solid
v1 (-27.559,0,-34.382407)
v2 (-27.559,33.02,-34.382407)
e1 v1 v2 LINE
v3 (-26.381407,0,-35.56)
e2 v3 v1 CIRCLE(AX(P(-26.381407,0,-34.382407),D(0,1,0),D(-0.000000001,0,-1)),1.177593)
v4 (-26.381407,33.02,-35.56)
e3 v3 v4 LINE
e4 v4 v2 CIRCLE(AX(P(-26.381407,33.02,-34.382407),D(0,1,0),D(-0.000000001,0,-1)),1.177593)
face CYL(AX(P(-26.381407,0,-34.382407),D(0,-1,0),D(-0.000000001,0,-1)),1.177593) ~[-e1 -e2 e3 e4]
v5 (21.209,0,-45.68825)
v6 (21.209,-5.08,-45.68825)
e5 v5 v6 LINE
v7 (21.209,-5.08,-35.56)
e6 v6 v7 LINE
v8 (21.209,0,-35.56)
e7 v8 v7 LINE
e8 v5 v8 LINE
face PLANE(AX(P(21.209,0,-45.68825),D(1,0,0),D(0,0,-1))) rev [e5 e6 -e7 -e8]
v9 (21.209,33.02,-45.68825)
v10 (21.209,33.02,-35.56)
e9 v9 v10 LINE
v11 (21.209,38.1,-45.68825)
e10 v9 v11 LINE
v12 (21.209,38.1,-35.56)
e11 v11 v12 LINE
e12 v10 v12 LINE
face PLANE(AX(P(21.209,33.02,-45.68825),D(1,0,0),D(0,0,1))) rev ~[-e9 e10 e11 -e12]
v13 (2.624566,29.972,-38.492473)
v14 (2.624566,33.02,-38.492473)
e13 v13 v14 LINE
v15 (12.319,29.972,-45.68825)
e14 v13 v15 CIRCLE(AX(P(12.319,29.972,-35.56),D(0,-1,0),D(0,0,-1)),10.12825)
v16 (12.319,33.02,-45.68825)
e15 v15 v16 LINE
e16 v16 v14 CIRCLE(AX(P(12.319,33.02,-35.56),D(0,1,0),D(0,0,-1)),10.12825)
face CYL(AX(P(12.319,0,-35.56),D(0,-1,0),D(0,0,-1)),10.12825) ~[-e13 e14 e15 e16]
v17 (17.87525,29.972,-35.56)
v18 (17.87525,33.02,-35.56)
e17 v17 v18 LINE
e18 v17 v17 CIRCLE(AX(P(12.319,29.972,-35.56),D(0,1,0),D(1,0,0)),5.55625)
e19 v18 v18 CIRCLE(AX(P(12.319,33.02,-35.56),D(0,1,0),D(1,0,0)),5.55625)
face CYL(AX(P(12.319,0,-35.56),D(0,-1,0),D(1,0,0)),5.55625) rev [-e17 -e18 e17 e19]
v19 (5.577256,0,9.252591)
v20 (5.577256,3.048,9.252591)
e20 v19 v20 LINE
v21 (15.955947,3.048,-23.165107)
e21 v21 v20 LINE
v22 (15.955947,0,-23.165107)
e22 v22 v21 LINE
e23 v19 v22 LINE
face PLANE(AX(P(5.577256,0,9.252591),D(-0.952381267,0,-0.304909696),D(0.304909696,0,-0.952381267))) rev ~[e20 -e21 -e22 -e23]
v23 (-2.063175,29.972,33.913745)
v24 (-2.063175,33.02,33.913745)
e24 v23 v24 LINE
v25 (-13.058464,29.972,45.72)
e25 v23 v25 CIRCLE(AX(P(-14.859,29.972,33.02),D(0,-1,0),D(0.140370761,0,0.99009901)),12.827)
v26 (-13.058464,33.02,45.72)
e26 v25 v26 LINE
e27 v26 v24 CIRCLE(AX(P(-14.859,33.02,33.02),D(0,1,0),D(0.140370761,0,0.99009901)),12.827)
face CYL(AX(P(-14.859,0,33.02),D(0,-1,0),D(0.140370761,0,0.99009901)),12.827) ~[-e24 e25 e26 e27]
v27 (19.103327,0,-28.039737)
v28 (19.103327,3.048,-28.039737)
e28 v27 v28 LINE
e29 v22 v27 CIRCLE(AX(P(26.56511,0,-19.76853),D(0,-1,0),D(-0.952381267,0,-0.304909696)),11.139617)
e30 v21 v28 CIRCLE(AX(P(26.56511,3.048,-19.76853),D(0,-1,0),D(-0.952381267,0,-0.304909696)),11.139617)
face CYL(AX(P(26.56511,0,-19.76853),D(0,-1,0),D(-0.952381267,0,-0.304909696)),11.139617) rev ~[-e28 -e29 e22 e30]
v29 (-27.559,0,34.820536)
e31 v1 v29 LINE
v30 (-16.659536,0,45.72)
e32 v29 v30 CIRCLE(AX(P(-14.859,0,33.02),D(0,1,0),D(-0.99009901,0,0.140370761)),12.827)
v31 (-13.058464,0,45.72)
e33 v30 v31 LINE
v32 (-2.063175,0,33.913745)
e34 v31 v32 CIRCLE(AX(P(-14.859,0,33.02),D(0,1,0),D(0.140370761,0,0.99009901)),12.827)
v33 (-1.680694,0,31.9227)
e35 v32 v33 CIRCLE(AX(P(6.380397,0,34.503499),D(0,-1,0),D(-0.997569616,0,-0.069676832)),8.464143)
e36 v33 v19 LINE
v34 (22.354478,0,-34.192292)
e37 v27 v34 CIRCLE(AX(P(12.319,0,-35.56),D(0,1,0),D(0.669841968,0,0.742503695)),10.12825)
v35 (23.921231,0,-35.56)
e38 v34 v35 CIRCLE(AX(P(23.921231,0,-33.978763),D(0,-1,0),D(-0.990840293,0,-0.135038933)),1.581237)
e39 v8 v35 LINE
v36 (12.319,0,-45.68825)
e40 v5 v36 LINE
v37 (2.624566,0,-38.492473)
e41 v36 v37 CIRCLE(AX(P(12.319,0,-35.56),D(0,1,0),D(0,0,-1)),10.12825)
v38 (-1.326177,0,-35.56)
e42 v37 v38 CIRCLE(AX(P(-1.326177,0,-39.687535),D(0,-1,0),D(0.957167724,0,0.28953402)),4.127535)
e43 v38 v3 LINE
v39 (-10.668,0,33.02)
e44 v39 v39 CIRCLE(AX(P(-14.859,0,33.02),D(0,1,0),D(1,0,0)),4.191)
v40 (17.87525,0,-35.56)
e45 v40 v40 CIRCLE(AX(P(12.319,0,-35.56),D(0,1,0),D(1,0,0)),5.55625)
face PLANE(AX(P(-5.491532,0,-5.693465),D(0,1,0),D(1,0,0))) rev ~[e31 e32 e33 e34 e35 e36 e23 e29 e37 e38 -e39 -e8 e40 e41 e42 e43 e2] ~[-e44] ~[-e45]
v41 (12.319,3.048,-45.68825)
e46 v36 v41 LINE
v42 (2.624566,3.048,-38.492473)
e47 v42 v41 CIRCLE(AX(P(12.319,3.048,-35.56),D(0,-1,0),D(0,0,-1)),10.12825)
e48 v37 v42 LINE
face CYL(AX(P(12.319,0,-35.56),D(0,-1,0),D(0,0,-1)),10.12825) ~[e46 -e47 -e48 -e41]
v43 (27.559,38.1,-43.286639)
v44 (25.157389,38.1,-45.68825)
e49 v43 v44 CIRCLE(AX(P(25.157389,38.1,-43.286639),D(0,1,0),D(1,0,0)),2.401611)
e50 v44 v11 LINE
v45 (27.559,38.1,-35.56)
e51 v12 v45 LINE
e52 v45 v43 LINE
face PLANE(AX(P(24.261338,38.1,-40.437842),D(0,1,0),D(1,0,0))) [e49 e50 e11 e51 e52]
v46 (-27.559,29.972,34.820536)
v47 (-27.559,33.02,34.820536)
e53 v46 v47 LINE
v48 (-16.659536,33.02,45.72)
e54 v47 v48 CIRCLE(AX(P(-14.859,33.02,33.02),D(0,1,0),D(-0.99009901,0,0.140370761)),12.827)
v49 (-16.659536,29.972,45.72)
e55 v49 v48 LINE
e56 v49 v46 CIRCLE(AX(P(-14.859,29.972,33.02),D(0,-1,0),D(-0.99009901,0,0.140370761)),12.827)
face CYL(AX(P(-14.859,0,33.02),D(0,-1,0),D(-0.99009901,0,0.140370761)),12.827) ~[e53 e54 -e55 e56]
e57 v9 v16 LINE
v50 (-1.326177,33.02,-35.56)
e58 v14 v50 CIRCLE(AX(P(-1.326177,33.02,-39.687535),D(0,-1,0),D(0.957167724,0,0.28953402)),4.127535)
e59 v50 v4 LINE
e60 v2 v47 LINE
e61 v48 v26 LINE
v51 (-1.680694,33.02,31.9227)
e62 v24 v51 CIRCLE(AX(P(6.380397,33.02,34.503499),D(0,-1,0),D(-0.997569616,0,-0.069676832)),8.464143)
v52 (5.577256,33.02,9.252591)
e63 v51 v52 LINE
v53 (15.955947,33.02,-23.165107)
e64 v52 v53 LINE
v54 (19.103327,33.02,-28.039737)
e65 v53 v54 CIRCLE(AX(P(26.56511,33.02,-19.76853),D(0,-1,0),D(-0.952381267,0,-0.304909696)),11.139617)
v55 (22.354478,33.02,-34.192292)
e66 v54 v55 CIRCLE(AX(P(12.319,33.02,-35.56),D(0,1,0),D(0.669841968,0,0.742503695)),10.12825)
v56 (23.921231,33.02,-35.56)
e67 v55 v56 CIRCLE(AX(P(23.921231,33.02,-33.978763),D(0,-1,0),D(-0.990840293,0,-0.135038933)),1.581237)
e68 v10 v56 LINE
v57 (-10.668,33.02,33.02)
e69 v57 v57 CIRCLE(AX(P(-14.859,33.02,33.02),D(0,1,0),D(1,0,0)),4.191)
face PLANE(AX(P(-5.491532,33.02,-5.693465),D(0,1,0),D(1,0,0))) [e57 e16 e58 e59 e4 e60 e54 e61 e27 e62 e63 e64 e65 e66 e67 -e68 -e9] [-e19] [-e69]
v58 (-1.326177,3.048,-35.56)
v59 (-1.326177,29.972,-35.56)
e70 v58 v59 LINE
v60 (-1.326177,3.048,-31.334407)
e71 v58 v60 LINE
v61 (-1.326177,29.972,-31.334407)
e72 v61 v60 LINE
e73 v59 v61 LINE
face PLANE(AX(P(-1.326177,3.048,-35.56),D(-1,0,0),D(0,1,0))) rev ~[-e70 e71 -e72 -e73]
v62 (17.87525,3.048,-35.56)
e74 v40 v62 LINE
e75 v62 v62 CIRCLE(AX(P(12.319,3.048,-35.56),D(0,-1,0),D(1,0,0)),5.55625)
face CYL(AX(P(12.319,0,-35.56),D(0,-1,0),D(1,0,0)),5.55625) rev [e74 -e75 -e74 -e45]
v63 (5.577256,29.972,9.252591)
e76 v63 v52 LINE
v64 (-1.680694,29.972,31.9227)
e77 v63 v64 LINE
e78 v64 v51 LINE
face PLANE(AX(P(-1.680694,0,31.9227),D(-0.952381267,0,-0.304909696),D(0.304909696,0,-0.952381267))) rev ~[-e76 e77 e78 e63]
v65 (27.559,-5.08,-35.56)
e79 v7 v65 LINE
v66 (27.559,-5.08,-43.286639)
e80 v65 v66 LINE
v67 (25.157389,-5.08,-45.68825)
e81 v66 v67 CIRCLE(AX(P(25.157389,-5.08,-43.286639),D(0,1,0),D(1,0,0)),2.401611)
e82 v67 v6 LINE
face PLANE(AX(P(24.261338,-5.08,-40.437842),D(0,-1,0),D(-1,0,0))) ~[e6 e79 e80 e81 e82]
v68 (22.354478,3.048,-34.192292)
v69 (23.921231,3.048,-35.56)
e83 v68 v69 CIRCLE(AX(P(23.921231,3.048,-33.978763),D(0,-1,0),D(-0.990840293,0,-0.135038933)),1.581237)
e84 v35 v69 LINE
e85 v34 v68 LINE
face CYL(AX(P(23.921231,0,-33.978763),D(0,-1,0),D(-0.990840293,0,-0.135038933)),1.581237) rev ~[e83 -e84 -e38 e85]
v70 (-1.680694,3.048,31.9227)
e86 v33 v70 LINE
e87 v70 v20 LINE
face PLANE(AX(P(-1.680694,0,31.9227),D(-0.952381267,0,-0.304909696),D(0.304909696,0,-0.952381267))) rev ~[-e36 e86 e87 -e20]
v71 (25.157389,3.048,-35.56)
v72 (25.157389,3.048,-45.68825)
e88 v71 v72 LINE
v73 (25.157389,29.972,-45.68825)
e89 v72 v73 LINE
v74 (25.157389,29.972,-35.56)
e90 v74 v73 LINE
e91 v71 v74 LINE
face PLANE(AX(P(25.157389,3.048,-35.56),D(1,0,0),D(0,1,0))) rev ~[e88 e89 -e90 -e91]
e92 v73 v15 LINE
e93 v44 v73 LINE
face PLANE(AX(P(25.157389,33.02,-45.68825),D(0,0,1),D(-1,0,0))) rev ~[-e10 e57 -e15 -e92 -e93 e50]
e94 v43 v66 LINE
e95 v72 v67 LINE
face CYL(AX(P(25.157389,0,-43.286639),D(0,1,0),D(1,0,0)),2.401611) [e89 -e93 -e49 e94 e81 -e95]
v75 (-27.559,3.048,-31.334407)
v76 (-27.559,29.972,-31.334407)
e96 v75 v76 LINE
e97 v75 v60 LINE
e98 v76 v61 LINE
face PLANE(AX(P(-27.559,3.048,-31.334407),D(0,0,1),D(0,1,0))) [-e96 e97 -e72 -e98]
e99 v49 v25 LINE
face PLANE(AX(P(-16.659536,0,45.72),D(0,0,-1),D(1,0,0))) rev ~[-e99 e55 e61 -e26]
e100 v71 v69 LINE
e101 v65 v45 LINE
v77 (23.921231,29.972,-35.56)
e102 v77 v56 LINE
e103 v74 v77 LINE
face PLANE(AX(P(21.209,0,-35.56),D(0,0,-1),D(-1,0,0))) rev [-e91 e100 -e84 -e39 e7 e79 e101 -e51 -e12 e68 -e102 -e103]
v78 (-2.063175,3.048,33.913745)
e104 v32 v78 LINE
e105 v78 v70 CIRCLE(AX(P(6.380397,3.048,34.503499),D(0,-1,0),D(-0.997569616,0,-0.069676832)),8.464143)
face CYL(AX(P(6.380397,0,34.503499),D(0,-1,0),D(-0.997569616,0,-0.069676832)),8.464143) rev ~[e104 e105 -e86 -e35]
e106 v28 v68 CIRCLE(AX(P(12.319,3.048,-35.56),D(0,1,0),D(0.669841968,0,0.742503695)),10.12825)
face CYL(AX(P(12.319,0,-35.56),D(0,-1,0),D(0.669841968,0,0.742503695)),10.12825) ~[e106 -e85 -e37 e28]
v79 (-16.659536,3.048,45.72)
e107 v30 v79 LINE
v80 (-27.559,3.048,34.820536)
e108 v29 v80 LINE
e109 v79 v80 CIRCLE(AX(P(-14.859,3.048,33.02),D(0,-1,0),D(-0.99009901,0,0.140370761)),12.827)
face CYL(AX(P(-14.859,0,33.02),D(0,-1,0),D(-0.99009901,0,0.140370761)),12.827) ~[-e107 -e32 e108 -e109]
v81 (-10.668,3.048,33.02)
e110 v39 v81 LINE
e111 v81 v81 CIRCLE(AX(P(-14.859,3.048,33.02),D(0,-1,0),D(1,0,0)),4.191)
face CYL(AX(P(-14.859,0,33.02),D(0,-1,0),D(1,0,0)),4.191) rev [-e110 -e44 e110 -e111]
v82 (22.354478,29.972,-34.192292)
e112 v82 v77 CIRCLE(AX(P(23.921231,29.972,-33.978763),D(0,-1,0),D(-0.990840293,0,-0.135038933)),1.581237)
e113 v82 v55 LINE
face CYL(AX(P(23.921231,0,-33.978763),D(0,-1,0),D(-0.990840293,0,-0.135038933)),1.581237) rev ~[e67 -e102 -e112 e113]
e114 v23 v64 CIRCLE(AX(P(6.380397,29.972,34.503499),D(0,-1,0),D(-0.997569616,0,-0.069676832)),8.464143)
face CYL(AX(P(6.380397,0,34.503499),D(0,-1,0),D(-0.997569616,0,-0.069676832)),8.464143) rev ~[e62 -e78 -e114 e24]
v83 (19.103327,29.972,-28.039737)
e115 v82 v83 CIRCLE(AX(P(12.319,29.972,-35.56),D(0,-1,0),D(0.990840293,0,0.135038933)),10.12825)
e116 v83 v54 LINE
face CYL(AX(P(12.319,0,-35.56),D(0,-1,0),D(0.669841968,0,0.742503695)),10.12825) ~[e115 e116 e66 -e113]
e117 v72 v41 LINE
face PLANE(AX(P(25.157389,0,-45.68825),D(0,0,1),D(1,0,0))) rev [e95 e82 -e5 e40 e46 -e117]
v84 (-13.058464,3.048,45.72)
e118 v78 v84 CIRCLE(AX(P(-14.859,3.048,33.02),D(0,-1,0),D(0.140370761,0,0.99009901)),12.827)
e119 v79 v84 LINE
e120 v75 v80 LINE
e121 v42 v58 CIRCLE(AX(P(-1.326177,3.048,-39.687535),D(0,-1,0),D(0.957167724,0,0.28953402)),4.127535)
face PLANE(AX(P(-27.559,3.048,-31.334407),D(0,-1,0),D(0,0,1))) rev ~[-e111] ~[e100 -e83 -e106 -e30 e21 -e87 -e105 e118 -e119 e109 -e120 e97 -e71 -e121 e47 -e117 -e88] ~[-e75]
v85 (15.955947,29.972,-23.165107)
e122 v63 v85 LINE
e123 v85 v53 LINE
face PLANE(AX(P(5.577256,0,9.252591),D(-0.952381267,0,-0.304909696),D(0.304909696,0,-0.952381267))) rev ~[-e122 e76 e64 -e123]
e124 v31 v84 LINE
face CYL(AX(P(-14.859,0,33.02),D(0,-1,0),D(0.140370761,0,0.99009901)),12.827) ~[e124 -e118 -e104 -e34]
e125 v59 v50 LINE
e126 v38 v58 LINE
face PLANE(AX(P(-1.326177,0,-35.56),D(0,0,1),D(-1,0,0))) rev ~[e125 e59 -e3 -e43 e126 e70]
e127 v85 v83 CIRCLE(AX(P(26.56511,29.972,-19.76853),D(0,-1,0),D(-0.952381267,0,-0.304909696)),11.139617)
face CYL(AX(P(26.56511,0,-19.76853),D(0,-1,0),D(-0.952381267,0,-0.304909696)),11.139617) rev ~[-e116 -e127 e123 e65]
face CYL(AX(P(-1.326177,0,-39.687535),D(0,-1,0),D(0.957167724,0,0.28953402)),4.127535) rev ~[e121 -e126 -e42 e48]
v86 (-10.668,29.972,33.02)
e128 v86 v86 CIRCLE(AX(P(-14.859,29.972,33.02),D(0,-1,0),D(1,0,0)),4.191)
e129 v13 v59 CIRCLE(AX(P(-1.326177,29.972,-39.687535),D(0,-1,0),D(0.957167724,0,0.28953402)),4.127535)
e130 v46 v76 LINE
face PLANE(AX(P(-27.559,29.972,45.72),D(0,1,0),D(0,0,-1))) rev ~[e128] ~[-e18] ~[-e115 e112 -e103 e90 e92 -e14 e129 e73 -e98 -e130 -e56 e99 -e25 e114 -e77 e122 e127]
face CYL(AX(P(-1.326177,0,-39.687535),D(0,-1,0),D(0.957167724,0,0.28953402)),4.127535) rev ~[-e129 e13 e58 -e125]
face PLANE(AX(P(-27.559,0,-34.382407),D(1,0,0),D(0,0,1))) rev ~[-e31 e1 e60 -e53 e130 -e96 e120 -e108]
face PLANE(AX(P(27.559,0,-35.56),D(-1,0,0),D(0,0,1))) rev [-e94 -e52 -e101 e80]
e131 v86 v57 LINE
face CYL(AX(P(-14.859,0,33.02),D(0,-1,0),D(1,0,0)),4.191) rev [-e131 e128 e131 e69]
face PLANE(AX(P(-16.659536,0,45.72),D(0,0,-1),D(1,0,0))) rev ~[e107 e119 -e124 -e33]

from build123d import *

# Parameters (mm, degrees)
SKETCH1_R               = 4.191
SKETCH1_R_2             = 5.55625
BOSS_EXTRUDE1_DEPTH     = 33.02
CUT_EXTRUDE1_DEPTH      = 56.118
SKETCH3_W               = 26.483565884
SKETCH3_H               = 26.924
CUT_EXTRUDE2_DEPTH      = 11.12825
CUT_EXTRUDE2_DEPTH_BACK = 82.28
BOSS_EXTRUDE2_DEPTH     = 5.08


with BuildPart() as part:
    # Sketch1 → Boss-Extrude1 (new body)
    with BuildSketch(Plane(origin=(0, 0, 0), x_dir=(1, 0, 0), z_dir=(0, 1, 0))):
        with BuildLine():
            ThreePointArc((-27.559, -34.820535754), (-23.929058682, -42.090058682), (-16.659535754, -45.72))
            Line((-16.659535754, -45.72), (-13.058464246, -45.72))
            ThreePointArc((-13.058464246, -45.72), (-5.472288324, -41.761943314), (-2.063174534, -33.91374473))
            ThreePointArc((-2.063174534, -33.91374473), (-1.931764874, -32.906728948), (-1.680693889, -31.922700165))
            Line((-1.680693889, -31.922700165), (5.577256486, -9.252591406))
            Line((5.577256486, -9.252591406), (15.95594723, 23.165107224))
            ThreePointArc((15.95594723, 23.165107224), (17.206676654, 25.810946447), (19.103326913, 28.039736946))
            ThreePointArc((19.103326913, 28.039736946), (21.273883819, 30.828033828), (22.3544782, 34.19229193))
            ThreePointArc((22.3544782, 34.19229193), (22.881358513, 35.169970415), (23.921231105, 35.56))
            Line((23.921231105, 35.56), (27.559, 35.56))
            Line((27.559, 35.56), (27.559, 43.286638959))
            ThreePointArc((27.559, 43.286638959), (26.855584412, 44.984834412), (25.157388959, 45.68825))
            Line((25.157388959, 45.68825), (12.319, 45.68825))
            ThreePointArc((12.319, 45.68825), (6.28241864, 43.692719935), (2.624566002, 38.492472937))
            ThreePointArc((2.624566002, 38.492472937), (1.133892546, 36.373232242), (-1.326176925, 35.56))
            Line((-1.326176925, 35.56), (-26.38140718, 35.56))
            ThreePointArc((-26.38140718, 35.56), (-27.214091048, 35.215091048), (-27.559, 34.38240718))
            Line((-27.559, 34.38240718), (-27.559, -31.219464246))
            Line((-27.559, -31.219464246), (-27.559, -34.820535754))
        make_face()
        with Locations((-14.859, -33.02)):
            Circle(SKETCH1_R, mode=Mode.SUBTRACT)
        with Locations((12.319, 35.56)):
            Circle(SKETCH1_R_2, mode=Mode.SUBTRACT)
    extrude(amount=BOSS_EXTRUDE1_DEPTH)

    # Sketch2 → Cut-Extrude1 (cut, through all)
    with BuildSketch(Plane.ZY.offset(27.559)):
        Polygon((-31.33440718, 29.972), (42.672, 29.972), (45.72, 29.972), (45.72, 3.048), (42.672, 3.048), (-31.33440718, 3.048), align=None)
    extrude(amount=-CUT_EXTRUDE1_DEPTH, mode=Mode.SUBTRACT)

    # Sketch3 → Cut-Extrude2 (cut, two sides)
    with BuildSketch(Plane(origin=(0, 0, -35.56), x_dir=(-1, 0, 0), z_dir=(0, 0, -1))) as cut_extrude2_sk:
        with Locations((-11.915606017, 16.51)):
            Rectangle(SKETCH3_W, SKETCH3_H)
    extrude(amount=CUT_EXTRUDE2_DEPTH, mode=Mode.SUBTRACT)
    extrude(cut_extrude2_sk.sketch, amount=-CUT_EXTRUDE2_DEPTH_BACK, mode=Mode.SUBTRACT)

    # Sketch4 → Boss-Extrude2 (add)
    with BuildSketch(Plane(origin=(0, 33.02, 0), x_dir=(1, 0, 0), z_dir=(0, 1, 0))):
        with BuildLine():
            Line((21.209, 45.68825), (21.209, 35.56))
            Line((21.209, 35.56), (27.559, 35.56))
            Line((27.559, 35.56), (27.559, 43.286638959))
            ThreePointArc((27.559, 43.286638959), (26.855584412, 44.984834412), (25.157388959, 45.68825))
            Line((25.157388959, 45.68825), (21.209, 45.68825))
        make_face()
    boss_extrude2 = extrude(amount=BOSS_EXTRUDE2_DEPTH)

    # Mirror1: Boss-Extrude2 across plane
    add(boss_extrude2.mirror(Plane.ZX.offset(16.51)))


solid = part.part
